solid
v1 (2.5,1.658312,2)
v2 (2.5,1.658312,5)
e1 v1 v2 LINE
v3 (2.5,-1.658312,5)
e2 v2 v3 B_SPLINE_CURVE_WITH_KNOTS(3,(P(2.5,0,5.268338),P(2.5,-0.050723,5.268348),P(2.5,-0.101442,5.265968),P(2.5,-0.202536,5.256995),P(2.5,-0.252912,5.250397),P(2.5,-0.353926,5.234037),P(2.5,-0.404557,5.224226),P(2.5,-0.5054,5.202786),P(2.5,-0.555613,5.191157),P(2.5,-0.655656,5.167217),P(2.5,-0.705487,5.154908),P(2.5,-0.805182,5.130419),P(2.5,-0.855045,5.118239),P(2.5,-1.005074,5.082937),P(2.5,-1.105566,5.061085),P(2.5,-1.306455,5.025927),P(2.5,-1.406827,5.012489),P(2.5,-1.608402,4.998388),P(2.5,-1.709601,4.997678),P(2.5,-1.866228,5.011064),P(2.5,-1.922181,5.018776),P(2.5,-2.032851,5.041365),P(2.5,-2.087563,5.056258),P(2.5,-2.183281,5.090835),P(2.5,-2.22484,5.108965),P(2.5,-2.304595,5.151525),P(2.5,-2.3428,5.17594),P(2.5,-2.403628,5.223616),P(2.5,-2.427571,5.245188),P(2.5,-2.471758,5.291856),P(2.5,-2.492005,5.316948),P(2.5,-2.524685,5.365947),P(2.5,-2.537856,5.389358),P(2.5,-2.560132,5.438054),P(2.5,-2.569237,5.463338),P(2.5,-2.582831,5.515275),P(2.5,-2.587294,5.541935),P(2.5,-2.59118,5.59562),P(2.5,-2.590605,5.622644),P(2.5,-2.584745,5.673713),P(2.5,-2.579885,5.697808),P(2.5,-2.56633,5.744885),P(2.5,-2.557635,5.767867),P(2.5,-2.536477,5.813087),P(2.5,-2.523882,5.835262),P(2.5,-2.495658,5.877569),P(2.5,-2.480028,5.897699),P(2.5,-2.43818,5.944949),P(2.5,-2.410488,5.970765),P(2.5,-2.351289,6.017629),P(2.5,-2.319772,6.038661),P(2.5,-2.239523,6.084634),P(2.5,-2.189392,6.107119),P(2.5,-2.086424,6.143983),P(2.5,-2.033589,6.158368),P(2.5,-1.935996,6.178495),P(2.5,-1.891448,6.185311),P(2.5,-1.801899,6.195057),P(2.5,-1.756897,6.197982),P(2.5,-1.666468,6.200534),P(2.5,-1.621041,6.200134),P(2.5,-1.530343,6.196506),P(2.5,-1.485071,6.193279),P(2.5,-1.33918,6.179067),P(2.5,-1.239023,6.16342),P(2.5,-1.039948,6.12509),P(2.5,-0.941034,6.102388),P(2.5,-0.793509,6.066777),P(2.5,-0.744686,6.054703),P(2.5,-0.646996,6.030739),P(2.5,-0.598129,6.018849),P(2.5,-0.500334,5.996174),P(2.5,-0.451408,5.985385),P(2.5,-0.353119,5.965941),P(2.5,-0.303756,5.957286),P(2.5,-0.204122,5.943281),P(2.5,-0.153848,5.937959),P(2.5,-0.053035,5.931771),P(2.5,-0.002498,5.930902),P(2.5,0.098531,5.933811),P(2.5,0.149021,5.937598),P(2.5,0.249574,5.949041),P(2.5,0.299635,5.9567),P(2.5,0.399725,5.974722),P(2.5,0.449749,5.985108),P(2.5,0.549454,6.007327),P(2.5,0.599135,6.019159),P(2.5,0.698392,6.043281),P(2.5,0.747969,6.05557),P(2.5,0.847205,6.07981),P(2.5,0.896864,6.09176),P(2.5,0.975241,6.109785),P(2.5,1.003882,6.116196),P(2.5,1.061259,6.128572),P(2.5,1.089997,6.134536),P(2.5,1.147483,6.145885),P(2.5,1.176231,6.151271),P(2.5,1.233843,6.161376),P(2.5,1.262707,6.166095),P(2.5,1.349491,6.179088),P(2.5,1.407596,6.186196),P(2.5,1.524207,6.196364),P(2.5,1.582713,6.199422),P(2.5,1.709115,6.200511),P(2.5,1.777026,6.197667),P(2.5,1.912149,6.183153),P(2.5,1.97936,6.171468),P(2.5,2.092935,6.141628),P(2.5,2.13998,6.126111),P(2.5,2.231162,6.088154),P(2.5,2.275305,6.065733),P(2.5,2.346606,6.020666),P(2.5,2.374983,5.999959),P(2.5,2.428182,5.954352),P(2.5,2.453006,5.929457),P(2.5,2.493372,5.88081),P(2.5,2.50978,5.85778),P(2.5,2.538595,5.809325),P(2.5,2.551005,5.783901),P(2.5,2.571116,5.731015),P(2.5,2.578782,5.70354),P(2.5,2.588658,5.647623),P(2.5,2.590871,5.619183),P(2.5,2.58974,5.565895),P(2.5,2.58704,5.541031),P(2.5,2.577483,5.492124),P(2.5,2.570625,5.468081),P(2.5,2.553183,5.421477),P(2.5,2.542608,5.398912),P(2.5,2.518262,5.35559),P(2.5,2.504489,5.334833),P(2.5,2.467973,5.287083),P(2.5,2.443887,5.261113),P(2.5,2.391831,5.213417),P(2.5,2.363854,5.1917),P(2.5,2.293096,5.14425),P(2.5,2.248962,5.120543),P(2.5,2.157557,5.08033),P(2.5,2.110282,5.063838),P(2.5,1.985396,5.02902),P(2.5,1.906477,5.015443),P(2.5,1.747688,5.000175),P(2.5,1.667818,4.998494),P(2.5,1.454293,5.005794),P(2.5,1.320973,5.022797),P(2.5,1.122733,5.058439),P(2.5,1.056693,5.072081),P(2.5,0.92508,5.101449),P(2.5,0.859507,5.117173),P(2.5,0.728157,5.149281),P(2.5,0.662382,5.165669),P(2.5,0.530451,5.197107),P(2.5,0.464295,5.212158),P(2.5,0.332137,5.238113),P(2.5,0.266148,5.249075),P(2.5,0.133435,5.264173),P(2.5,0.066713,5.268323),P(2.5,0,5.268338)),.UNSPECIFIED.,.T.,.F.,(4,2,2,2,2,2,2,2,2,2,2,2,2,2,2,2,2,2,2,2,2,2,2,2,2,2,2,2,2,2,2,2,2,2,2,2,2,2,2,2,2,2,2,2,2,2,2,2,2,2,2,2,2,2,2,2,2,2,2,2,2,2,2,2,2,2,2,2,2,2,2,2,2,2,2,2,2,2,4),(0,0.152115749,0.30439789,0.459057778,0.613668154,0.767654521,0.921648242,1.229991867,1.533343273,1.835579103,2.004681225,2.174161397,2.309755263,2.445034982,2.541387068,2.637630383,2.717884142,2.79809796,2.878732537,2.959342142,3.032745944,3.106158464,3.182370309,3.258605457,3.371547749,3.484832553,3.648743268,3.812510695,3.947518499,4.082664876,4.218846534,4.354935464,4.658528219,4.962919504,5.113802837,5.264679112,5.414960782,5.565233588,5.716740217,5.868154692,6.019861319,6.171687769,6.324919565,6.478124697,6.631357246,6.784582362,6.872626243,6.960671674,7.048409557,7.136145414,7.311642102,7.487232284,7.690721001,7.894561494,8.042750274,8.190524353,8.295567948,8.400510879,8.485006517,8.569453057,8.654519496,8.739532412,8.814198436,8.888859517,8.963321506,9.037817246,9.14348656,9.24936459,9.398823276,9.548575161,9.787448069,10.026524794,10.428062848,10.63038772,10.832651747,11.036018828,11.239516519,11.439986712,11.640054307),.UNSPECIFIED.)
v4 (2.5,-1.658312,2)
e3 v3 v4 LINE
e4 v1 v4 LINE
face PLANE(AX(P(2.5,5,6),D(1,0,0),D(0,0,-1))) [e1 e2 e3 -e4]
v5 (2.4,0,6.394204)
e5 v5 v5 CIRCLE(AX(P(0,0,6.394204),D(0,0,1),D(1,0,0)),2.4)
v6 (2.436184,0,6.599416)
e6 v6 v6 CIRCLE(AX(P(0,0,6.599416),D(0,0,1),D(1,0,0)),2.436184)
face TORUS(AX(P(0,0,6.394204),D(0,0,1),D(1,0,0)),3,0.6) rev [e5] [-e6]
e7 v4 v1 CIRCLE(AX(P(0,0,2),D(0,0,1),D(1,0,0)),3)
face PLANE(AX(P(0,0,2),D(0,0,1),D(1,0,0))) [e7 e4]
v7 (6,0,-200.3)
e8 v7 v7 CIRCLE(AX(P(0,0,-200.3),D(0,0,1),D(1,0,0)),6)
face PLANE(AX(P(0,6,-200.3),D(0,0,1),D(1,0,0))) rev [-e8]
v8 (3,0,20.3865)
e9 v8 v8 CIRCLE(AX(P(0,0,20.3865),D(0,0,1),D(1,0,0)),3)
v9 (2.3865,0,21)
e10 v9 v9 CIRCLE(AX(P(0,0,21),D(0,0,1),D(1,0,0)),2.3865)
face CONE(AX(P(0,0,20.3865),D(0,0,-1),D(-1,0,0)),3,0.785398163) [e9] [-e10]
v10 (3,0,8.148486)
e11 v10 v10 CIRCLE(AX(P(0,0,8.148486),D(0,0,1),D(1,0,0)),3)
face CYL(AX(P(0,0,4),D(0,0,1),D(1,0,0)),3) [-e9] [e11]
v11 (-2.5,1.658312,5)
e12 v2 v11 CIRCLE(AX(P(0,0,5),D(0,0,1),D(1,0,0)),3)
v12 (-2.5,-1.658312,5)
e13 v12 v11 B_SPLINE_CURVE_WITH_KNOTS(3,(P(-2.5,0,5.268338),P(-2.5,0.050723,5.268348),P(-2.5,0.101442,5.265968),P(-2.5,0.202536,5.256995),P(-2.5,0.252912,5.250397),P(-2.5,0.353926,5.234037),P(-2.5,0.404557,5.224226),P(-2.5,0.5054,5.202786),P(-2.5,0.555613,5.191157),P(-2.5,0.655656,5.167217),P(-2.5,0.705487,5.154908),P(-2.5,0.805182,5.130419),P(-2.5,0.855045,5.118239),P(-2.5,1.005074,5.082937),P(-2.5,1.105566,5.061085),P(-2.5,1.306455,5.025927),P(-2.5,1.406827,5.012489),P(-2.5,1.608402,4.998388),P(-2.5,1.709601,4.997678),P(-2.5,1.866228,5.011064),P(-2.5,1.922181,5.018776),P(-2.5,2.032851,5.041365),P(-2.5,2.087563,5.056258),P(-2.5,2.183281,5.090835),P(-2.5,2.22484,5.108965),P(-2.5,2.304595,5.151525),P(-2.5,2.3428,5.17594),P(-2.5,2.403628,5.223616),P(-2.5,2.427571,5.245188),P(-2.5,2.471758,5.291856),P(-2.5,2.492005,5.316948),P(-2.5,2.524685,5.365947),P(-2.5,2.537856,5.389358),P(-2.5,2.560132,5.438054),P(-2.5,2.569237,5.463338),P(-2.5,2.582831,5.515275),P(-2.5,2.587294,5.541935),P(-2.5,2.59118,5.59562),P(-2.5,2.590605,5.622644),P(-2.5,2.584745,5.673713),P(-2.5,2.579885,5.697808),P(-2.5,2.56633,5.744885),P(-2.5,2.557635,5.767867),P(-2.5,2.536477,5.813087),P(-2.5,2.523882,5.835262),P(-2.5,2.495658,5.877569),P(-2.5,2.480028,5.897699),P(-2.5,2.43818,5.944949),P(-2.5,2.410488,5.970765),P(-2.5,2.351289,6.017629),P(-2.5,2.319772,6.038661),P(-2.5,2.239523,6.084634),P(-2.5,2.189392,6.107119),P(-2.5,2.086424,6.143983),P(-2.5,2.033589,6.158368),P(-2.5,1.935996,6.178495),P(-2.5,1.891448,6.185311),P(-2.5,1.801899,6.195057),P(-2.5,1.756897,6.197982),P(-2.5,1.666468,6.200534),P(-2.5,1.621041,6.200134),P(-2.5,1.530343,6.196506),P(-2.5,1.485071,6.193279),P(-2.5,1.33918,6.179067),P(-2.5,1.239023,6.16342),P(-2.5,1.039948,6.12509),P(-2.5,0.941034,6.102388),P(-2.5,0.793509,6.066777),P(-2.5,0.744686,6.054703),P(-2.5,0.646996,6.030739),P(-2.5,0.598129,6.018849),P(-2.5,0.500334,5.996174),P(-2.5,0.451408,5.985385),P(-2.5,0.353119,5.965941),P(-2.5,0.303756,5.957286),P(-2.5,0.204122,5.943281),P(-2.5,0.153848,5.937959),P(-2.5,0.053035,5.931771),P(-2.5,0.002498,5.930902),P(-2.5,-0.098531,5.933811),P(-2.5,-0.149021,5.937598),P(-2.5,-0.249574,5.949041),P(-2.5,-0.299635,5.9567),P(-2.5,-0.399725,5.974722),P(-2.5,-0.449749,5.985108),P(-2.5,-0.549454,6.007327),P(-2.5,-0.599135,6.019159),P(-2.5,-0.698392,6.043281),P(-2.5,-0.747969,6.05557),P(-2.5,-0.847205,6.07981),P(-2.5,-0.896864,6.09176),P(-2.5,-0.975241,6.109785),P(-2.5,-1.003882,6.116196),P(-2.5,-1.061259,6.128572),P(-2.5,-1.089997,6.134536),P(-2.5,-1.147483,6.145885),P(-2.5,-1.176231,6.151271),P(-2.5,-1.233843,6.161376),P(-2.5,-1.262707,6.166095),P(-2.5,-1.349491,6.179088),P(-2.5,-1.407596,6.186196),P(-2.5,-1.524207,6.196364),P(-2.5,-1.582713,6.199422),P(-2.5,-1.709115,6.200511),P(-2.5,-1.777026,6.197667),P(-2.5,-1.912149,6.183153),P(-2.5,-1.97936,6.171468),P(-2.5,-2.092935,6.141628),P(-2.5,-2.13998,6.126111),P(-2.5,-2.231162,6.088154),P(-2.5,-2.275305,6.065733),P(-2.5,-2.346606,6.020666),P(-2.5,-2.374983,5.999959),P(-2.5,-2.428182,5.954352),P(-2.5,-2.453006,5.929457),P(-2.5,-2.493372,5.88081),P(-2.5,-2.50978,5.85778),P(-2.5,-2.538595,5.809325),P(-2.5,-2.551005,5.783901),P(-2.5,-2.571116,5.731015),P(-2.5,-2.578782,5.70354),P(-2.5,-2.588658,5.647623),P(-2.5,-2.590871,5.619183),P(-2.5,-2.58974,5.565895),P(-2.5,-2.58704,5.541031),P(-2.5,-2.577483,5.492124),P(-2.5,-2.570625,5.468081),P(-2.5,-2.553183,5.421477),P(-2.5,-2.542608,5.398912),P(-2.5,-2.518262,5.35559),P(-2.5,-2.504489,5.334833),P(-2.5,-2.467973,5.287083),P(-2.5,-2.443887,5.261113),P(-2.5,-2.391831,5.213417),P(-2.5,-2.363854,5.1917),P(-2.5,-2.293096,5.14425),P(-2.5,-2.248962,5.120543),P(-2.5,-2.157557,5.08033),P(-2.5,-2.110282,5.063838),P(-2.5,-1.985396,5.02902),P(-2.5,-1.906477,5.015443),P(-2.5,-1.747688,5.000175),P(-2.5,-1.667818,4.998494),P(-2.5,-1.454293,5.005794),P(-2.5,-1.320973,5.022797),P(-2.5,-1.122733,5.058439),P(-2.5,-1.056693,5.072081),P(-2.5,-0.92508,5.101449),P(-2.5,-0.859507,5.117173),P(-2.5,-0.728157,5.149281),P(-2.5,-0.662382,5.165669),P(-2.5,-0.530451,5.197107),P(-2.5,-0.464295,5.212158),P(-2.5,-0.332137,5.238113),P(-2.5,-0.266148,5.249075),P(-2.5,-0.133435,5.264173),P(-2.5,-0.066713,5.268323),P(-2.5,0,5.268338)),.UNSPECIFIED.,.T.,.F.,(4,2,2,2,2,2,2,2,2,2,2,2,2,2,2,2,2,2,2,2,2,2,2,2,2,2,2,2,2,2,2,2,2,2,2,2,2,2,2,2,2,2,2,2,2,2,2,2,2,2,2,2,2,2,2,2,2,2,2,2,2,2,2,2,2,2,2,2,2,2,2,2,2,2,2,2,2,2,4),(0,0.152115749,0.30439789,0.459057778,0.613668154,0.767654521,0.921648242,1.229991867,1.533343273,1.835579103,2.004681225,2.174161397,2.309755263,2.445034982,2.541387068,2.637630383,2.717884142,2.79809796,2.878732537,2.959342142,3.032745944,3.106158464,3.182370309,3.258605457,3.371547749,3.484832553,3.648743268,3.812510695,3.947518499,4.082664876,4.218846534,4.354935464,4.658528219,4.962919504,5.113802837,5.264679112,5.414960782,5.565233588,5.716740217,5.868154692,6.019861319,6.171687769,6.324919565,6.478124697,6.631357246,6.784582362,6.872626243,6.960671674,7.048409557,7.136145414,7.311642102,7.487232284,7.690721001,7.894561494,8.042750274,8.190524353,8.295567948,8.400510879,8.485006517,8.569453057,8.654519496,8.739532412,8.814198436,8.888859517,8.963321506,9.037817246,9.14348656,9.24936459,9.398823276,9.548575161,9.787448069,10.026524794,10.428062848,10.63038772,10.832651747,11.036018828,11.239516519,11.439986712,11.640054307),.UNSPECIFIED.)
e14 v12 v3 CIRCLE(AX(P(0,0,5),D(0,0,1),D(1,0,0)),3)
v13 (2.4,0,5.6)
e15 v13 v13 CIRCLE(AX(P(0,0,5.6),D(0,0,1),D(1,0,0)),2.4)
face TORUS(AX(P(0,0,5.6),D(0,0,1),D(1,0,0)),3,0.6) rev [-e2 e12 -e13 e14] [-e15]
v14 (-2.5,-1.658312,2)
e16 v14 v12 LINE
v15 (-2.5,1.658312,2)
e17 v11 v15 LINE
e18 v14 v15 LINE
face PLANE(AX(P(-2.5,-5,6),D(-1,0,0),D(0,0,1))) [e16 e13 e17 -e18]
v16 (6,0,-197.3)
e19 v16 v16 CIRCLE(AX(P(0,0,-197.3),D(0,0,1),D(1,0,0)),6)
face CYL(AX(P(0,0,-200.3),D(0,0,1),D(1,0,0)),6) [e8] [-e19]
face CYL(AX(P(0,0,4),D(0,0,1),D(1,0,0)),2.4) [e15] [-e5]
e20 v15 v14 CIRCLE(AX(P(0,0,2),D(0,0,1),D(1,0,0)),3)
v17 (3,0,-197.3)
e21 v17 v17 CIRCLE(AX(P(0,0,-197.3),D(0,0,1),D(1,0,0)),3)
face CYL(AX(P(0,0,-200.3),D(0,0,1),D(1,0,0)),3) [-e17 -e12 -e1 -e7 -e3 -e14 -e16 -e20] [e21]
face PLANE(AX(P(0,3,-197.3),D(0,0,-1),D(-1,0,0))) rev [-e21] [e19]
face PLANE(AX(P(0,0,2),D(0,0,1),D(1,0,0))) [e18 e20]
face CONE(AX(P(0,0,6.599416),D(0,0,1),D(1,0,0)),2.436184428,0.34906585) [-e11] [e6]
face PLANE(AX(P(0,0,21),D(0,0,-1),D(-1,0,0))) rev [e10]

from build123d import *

# Parameters (mm, degrees)
SCHNITT_LINEAR_AUSTRAGEN1_DEPTH = 4


with BuildPart() as part:
    # Skizze1 → Rotation1 (revolve)
    with BuildSketch(Plane(origin=(0, 0, 0), x_dir=(0, 0, -1), z_dir=(1, 0, 0))):
        Polygon((-5, 0), (-5, 3), (197.3, 3), (197.3, 6), (200.3, 6), (200.3, 0), align=None)
    revolve(axis=Axis((0, 0, -200.3), (0, 0, 1)))

    # Skizze2 → Rotation2 (revolve)
    with BuildSketch(Plane(origin=(0, 0, 0), x_dir=(0, 0, -1), z_dir=(1, 0, 0))):
        with BuildLine():
            Line((-21, 0), (-21, 2.3865))
            Line((-21, 2.3865), (-20.3865, 3))
            Line((-20.3865, 3), (-8.148486452, 3))
            Line((-8.148486452, 3), (-6.599415898, 2.436184428))
            ThreePointArc((-6.599415898, 2.436184428), (-6.498392718, 2.409115348), (-6.394203812, 2.4))
            Line((-6.394203812, 2.4), (-5.6, 2.4))
            ThreePointArc((-5.6, 2.4), (-5.175735931, 2.575735931), (-5, 3))
            Line((-5, 3), (-4, 3))
            Line((-4, 3), (-4, 0))
            Line((-4, 0), (-21, 0))
        make_face()
    revolve(axis=Axis((0, 0, 4), (0, 0, 1)))

    # Skizze3 → Schnitt-Linear austragen1 (cut)
    with BuildSketch(Plane.XY.offset(2)):
        Polygon((-5, 10), (-5, -5), (-2.5, -5), (-2.5, 5), (2.5, 5), (2.5, -5), (5, -5), (5, 10), align=None)
    extrude(amount=SCHNITT_LINEAR_AUSTRAGEN1_DEPTH, mode=Mode.SUBTRACT)


solid = part.part
